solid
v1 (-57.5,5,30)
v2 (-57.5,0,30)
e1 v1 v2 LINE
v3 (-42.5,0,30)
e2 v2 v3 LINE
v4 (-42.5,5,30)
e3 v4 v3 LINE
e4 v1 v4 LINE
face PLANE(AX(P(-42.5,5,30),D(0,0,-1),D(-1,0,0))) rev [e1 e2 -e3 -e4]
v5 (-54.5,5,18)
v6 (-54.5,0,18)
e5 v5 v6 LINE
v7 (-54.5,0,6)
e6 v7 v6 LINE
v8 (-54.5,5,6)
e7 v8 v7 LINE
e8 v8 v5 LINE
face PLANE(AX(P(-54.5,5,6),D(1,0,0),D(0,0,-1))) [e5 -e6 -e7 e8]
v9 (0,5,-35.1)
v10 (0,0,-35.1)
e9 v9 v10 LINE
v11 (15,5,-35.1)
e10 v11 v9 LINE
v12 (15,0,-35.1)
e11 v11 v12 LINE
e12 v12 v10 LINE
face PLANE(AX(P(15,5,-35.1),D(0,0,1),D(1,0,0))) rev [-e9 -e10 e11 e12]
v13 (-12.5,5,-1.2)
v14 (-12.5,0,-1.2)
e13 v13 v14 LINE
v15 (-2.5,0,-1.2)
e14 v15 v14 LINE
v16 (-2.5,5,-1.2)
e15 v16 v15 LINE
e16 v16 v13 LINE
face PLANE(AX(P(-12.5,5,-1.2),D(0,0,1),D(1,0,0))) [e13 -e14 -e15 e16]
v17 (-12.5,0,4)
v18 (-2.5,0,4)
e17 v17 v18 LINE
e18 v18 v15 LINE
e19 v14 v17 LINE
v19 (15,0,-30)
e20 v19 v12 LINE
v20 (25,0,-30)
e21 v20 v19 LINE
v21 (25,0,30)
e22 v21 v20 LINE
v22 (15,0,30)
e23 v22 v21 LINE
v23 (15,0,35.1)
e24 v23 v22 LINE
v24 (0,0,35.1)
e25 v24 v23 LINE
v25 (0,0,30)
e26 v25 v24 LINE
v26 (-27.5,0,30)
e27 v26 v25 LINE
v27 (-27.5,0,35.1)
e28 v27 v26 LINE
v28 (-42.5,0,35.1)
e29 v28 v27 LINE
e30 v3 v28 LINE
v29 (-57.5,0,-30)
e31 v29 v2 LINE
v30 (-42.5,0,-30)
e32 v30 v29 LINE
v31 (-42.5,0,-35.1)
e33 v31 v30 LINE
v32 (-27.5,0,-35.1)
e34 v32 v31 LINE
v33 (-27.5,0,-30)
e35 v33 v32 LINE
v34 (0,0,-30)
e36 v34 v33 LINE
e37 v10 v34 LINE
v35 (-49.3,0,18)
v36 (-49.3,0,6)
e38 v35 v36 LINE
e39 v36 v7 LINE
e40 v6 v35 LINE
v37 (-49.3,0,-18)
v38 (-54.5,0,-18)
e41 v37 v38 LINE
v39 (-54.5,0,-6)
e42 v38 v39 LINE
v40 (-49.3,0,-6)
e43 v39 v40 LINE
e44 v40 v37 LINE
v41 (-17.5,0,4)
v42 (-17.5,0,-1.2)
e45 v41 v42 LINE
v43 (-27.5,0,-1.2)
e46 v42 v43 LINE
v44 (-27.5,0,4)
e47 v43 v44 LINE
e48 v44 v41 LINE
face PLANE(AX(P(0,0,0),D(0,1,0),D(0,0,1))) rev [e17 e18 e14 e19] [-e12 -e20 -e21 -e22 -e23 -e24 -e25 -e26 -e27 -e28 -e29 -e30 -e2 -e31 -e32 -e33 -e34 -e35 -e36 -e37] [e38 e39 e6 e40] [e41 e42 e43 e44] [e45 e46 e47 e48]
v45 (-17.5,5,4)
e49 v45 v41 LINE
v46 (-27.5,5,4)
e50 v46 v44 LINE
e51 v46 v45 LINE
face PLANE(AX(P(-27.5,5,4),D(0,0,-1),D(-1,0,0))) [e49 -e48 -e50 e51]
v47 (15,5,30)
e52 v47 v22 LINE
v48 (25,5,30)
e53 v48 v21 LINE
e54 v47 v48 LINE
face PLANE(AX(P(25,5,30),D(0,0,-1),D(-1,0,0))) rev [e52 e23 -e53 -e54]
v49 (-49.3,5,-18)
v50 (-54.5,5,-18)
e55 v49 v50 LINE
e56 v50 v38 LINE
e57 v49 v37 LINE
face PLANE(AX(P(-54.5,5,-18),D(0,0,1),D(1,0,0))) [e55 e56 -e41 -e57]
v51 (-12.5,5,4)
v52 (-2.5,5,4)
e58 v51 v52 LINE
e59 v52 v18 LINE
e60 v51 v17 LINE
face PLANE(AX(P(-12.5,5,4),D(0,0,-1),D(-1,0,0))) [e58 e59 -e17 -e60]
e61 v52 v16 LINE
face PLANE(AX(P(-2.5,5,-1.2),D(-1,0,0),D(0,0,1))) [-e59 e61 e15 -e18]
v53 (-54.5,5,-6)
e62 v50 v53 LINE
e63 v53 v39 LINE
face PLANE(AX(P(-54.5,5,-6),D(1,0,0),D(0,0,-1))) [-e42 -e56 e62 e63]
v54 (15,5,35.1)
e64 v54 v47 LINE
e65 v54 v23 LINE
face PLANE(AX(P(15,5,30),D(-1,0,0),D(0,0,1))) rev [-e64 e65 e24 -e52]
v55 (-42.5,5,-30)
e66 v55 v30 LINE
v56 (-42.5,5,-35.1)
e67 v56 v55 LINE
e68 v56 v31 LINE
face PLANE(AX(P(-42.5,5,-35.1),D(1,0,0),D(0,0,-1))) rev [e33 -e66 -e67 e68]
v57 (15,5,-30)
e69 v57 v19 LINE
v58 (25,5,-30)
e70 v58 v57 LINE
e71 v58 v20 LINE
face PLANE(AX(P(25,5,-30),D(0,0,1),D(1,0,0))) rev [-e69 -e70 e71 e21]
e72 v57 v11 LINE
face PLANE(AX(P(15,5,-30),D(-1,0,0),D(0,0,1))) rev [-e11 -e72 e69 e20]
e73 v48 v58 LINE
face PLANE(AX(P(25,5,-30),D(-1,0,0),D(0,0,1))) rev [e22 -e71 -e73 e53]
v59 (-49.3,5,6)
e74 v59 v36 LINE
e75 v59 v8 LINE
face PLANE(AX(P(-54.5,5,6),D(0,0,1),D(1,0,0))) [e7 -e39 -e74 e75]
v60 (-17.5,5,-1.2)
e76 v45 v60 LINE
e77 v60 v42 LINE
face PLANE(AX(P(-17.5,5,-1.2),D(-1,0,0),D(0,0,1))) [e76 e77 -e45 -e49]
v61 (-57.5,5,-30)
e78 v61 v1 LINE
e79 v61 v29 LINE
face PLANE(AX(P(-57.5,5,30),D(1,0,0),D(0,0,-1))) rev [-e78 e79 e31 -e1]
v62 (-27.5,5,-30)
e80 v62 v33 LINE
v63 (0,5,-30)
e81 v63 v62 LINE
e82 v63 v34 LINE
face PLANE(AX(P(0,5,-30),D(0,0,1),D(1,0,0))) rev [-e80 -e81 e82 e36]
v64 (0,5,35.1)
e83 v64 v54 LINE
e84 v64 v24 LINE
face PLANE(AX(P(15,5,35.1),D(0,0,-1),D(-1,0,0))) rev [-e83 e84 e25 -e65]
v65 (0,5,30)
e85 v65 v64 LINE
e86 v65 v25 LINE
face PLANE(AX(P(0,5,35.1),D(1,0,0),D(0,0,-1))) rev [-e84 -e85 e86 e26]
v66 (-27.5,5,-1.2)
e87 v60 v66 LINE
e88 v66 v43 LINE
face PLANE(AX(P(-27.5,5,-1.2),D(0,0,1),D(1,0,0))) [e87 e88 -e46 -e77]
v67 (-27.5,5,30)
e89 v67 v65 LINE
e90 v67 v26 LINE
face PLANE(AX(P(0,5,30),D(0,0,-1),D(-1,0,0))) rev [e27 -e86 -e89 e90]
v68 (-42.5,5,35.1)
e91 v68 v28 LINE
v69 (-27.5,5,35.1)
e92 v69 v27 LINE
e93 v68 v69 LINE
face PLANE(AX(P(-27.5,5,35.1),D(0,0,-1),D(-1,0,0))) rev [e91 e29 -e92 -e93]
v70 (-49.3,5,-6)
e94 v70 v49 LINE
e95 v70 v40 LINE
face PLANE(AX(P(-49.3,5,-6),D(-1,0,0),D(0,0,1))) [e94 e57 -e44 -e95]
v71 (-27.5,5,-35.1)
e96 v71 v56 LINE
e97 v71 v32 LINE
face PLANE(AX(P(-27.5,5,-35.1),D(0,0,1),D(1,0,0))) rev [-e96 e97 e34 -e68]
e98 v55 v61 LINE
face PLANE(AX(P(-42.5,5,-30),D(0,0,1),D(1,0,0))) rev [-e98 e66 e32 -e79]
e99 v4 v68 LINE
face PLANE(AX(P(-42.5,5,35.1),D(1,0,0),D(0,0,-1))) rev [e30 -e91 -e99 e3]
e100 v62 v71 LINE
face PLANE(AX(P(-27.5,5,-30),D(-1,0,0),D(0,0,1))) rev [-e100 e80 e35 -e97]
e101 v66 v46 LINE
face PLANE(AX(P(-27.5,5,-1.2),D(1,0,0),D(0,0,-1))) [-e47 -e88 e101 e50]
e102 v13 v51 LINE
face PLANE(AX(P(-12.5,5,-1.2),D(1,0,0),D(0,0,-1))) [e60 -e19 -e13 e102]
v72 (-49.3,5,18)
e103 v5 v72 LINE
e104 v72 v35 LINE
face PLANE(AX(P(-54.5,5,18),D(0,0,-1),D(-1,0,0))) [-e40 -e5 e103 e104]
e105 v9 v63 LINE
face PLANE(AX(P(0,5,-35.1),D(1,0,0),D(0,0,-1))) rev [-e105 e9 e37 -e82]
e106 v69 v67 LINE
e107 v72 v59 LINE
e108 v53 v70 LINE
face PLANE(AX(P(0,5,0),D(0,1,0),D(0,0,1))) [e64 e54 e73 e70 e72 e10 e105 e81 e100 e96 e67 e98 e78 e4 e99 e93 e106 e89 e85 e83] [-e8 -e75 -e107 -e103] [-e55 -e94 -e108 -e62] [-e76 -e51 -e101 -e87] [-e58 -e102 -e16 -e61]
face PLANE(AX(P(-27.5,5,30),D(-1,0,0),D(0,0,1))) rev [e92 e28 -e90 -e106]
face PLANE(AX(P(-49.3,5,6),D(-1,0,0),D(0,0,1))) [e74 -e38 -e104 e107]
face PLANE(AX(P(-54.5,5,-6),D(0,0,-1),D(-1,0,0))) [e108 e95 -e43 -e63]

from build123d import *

# Parameters (mm, degrees)
SKETCH1_W           = 10
SKETCH1_H           = 5.2
SKETCH1_W_2         = 5.2
SKETCH1_H_2         = 12
BOSS_EXTRUDE1_DEPTH = 5


with BuildPart() as part:
    # Sketch1 → Boss-Extrude1 (new body)
    with BuildSketch(Plane(origin=(0, 0, 0), x_dir=(1, 0, 0), z_dir=(0, 1, 0))):
        Polygon((25, 30), (25, -30), (15, -30), (15, -35.1), (0, -35.1), (0, -30), (-27.5, -30), (-27.5, -35.1), (-42.5, -35.1), (-42.5, -30), (-57.5, -30), (-57.5, 30), (-42.5, 30), (-42.5, 35.1), (-27.5, 35.1), (-27.5, 30), (0, 30), (0, 35.1), (15, 35.1), (15, 30), align=None)
        with Locations((-22.5, -1.4)):
            Rectangle(SKETCH1_W, SKETCH1_H, mode=Mode.SUBTRACT)
        with Locations((-7.5, -1.4)):
            Rectangle(SKETCH1_W, SKETCH1_H, mode=Mode.SUBTRACT)
        with Locations((-51.9, -12)):
            Rectangle(SKETCH1_W_2, SKETCH1_H_2, mode=Mode.SUBTRACT)
        with Locations((-51.9, 12)):
            Rectangle(SKETCH1_W_2, SKETCH1_H_2, mode=Mode.SUBTRACT)
    extrude(amount=BOSS_EXTRUDE1_DEPTH)


solid = part.part
